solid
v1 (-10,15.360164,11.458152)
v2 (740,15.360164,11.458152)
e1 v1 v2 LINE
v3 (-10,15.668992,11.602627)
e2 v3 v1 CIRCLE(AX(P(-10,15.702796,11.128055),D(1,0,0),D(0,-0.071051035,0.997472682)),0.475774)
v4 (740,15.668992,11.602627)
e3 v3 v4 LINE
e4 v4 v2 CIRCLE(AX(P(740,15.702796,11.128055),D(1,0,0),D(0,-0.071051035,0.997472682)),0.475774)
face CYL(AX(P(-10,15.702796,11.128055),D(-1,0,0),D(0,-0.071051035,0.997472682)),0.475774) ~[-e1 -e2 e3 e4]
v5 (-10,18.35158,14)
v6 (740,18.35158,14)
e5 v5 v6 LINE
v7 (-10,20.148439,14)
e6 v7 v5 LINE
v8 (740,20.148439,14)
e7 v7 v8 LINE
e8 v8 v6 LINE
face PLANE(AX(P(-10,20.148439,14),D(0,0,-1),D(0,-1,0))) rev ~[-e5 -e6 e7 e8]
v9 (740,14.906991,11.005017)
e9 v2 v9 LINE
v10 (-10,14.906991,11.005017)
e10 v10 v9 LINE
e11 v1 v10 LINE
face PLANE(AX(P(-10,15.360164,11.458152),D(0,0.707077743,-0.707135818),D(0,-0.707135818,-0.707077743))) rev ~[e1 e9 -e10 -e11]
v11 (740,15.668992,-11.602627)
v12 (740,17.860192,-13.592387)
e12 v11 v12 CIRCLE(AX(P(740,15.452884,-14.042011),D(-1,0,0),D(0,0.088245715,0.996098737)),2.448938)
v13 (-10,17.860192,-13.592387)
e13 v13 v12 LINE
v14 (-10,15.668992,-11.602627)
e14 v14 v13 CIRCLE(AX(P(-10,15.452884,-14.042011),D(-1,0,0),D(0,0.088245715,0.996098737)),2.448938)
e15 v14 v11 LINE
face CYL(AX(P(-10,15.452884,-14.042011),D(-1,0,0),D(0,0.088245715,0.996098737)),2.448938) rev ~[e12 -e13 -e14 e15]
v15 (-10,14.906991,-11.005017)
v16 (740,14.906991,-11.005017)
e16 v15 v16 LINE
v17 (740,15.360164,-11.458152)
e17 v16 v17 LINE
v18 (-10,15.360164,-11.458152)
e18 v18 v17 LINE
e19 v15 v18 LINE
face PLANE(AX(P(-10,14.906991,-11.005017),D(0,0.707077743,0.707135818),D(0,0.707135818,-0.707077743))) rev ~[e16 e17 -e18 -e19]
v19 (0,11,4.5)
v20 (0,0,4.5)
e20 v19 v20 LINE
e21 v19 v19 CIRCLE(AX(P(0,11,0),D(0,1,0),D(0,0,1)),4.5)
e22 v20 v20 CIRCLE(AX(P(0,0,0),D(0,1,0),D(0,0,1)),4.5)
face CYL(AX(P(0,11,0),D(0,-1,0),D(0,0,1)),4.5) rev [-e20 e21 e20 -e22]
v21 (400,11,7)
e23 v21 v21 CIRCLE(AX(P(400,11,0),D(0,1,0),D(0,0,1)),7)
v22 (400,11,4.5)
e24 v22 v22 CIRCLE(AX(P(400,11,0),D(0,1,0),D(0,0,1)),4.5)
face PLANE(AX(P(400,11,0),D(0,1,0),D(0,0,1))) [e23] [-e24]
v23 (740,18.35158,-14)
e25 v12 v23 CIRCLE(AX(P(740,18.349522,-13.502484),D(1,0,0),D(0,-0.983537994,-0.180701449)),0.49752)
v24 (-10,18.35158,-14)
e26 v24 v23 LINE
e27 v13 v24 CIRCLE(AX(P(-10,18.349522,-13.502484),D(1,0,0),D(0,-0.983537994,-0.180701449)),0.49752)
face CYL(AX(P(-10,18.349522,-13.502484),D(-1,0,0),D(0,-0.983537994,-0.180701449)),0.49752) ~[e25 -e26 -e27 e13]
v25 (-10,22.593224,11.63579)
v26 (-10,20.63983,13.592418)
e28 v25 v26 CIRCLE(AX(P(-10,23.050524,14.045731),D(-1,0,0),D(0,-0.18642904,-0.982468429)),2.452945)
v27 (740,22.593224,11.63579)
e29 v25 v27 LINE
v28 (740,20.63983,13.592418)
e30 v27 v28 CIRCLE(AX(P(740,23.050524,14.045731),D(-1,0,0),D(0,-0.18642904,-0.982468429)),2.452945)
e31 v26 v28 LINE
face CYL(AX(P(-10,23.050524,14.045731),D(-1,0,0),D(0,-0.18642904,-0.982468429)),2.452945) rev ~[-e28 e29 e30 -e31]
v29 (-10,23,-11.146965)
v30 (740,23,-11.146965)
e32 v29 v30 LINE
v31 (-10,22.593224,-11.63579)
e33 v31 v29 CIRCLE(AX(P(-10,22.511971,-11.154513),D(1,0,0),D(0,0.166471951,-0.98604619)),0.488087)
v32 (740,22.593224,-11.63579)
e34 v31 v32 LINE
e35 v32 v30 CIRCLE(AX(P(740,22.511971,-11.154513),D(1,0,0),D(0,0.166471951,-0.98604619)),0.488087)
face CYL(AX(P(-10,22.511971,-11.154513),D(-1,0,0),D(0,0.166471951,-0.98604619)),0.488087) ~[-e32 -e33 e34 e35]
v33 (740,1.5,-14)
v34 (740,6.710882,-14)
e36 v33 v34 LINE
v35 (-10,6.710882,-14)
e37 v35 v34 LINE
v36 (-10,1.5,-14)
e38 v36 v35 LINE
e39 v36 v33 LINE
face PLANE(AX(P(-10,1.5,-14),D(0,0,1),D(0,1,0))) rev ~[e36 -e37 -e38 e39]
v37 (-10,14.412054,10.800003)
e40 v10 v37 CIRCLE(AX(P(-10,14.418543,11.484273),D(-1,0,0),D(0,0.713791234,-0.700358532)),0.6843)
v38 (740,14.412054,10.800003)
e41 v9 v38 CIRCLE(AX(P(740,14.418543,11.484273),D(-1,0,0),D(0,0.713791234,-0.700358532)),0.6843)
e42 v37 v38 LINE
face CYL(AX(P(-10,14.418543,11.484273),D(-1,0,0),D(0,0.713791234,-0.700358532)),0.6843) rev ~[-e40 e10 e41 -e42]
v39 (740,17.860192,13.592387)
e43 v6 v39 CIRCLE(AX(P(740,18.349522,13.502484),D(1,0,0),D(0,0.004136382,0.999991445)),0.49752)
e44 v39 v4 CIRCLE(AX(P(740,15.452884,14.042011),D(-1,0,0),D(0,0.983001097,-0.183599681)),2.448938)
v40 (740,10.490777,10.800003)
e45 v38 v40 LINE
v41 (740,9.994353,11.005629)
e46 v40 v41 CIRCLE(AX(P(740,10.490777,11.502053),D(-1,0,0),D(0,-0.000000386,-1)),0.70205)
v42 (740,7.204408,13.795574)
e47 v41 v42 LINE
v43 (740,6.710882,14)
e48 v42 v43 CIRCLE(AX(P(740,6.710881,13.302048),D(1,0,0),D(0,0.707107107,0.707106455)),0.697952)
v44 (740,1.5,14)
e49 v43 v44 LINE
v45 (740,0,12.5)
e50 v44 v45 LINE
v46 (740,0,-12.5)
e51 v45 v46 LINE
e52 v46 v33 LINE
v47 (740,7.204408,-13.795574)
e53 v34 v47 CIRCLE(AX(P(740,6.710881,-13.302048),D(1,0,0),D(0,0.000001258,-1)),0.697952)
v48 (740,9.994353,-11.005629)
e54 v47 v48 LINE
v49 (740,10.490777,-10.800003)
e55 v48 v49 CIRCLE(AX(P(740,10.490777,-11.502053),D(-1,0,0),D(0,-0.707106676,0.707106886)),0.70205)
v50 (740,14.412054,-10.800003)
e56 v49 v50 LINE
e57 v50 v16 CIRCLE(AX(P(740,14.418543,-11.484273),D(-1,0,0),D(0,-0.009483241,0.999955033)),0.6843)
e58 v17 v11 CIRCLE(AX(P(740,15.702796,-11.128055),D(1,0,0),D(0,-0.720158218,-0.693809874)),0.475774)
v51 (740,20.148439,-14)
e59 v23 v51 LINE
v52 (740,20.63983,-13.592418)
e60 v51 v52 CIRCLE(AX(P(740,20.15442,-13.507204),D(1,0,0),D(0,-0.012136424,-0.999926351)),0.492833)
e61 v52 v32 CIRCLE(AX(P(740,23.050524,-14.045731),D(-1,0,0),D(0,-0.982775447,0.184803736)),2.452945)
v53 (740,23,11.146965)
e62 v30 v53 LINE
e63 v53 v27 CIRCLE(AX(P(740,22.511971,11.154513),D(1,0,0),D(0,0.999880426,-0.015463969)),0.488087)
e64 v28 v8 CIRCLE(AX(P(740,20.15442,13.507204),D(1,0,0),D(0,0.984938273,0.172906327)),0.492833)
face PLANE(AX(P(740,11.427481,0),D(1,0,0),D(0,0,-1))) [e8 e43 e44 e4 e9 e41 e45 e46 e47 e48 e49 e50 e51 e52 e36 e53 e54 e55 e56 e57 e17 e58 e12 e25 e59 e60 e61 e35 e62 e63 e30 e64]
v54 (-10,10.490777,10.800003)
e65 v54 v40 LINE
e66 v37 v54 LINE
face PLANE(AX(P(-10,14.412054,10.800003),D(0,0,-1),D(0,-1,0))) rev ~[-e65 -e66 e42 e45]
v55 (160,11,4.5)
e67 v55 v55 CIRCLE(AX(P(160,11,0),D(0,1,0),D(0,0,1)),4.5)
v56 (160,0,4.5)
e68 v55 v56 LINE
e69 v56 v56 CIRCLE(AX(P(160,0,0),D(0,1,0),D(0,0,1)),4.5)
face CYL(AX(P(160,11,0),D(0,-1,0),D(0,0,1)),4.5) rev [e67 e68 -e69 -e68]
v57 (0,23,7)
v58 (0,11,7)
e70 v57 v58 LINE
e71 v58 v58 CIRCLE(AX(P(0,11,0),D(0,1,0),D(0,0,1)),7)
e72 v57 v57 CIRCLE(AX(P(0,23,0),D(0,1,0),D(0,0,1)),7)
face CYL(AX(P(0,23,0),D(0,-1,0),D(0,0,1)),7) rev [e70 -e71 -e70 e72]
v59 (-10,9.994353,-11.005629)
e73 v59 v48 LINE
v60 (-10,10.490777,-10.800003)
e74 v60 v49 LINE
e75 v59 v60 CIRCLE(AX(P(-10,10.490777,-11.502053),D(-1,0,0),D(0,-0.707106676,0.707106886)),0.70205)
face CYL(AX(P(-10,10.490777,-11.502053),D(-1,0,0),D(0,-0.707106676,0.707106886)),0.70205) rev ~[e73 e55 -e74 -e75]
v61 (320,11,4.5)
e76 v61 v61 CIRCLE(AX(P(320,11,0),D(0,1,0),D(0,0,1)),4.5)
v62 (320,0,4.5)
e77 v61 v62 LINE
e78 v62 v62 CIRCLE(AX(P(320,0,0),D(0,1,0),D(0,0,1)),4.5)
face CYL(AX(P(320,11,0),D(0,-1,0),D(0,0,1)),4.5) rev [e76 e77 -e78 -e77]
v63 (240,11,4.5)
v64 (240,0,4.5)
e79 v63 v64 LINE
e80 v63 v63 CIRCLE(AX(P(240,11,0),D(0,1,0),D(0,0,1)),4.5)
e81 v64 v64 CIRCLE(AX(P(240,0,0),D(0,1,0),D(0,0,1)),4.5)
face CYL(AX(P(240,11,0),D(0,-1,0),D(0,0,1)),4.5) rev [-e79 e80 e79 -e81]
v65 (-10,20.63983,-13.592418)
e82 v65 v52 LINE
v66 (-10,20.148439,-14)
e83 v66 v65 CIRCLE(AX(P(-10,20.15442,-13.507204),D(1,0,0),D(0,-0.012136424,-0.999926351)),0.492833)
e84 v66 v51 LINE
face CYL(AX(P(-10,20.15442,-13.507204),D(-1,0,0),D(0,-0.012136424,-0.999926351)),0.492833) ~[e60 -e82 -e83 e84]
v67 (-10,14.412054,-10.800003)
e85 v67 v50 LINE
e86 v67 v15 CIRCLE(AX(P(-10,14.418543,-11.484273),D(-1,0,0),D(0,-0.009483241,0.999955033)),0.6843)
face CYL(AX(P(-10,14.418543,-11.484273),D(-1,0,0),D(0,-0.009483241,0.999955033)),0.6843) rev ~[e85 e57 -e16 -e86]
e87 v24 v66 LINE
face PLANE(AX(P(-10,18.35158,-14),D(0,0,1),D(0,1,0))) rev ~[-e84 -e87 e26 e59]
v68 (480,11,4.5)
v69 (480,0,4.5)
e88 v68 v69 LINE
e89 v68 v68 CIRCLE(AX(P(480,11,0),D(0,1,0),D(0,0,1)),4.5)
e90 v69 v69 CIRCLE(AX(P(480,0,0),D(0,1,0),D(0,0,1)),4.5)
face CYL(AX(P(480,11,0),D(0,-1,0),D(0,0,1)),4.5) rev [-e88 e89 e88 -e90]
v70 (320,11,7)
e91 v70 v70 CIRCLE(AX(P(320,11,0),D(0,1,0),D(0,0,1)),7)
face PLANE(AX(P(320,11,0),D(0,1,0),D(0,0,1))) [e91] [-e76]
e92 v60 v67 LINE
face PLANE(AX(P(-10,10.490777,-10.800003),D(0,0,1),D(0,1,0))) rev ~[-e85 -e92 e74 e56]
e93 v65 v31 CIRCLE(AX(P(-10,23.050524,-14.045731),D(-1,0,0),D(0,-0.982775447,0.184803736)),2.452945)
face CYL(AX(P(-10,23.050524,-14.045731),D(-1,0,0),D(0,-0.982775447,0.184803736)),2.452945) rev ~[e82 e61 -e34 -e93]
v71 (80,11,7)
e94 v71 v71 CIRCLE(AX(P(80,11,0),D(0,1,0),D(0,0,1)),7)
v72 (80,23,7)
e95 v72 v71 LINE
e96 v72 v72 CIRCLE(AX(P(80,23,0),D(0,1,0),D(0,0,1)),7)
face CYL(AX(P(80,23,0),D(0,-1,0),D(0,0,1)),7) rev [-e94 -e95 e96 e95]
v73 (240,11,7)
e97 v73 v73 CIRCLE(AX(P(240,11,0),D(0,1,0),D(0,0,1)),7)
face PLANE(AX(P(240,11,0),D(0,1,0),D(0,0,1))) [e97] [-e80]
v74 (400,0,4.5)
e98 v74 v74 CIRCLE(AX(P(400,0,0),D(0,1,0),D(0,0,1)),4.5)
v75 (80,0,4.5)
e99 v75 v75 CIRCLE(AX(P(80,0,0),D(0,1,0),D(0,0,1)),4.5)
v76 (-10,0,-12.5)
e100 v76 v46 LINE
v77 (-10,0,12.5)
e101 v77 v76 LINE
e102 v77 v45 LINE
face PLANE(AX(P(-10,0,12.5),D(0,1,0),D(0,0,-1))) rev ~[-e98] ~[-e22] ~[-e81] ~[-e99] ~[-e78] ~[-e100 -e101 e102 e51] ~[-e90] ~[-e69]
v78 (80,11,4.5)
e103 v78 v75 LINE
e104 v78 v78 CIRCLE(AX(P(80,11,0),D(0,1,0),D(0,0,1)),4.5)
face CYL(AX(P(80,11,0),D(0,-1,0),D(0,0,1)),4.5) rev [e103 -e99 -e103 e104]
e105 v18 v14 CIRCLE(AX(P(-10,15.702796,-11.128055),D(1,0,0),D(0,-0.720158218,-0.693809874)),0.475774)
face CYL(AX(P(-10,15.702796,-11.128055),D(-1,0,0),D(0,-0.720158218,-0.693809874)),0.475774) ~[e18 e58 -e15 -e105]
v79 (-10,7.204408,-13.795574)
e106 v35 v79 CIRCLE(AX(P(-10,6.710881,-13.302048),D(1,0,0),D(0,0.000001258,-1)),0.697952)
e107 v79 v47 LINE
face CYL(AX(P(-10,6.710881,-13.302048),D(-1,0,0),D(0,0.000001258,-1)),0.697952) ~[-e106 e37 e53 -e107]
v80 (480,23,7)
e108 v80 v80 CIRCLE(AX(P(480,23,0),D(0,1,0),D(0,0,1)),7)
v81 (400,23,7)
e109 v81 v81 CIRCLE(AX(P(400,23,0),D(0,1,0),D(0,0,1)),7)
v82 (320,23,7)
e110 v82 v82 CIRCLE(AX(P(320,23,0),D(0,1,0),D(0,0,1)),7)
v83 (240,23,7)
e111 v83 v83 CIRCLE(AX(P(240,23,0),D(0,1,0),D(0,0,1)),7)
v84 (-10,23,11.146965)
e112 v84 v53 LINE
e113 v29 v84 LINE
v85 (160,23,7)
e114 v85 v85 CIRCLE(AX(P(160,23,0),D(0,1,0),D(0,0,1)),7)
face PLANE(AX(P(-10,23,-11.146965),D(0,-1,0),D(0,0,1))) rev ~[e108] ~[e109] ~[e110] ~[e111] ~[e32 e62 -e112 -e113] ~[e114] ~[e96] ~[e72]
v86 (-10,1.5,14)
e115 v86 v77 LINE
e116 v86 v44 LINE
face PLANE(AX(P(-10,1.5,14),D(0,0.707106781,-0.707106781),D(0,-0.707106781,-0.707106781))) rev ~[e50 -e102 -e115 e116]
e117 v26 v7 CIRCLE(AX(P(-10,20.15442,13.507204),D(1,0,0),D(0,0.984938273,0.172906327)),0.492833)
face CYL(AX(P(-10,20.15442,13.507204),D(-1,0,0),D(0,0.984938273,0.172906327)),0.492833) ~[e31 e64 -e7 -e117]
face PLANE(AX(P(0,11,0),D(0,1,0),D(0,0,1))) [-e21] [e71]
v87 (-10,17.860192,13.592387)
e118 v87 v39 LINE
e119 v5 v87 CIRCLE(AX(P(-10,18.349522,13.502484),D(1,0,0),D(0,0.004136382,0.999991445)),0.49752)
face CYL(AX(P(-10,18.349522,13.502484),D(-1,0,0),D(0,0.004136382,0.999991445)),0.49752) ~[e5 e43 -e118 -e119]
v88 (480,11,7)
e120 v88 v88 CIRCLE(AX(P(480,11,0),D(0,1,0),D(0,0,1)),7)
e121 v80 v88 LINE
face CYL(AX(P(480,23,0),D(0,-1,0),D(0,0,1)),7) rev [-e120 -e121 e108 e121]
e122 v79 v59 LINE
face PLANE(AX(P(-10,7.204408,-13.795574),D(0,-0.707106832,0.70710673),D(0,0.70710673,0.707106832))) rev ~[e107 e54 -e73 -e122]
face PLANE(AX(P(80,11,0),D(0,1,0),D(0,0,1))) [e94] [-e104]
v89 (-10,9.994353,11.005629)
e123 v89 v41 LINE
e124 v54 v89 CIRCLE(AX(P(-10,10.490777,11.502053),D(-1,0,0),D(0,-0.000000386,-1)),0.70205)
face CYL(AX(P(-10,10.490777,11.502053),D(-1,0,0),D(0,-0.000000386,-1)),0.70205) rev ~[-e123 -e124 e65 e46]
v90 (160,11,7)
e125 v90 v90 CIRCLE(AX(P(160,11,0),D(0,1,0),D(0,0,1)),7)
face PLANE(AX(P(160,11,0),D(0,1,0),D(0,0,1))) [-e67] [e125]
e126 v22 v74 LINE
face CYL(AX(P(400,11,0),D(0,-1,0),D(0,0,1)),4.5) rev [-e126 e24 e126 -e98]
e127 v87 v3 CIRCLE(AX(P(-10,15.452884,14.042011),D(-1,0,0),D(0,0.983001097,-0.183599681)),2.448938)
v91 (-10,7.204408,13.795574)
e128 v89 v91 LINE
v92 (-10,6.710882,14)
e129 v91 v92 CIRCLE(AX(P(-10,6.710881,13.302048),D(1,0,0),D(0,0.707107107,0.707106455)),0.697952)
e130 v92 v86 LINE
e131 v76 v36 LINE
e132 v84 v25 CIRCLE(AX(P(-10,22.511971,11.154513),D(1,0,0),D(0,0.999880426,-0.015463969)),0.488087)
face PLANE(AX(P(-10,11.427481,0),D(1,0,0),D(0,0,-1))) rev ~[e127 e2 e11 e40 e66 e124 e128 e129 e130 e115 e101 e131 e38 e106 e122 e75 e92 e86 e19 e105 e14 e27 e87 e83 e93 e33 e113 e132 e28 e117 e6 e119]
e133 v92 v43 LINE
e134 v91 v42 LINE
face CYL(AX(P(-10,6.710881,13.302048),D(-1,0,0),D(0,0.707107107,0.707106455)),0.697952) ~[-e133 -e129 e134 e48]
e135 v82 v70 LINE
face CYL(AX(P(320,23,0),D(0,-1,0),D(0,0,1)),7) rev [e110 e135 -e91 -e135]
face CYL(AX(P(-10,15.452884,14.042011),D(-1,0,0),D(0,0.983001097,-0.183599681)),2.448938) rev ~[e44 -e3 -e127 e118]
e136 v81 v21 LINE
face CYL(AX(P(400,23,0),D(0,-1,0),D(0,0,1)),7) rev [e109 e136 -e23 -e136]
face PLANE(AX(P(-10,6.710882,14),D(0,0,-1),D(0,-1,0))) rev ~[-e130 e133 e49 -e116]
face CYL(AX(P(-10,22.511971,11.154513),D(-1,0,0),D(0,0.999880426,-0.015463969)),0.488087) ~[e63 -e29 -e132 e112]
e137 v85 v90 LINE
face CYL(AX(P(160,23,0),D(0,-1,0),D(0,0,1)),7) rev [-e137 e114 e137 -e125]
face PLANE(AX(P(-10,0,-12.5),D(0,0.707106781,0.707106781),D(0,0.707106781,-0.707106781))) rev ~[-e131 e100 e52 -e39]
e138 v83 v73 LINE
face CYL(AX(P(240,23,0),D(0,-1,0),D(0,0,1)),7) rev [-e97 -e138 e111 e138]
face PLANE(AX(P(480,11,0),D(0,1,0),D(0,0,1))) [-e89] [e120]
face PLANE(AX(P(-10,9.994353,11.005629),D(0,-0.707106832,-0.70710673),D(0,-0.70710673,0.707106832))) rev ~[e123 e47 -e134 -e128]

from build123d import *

# Parameters (mm, degrees)
BOSS_EXTRUDE1_DEPTH = 750


with BuildPart() as part:
    # Sketch1 → Boss-Extrude1 (new body)
    with BuildSketch(Plane(origin=(-10, 0, 0), x_dir=(0, 0, -1), z_dir=(1, 0, 0))):
        with BuildLine():
            Line((-14, 20.148439), (-14, 18.35158))
            ThreePointArc((-14, 18.35158), (-13.885407957, 18.031881418), (-13.592386868, 17.860192277))
            ThreePointArc((-13.592386868, 17.860192277), (-12.229021504, 17.099202354), (-11.602627372, 15.66899217))
            ThreePointArc((-11.602627372, 15.66899217), (-11.559004129, 15.501191683), (-11.458152391, 15.360163609))
            Line((-11.458152391, 15.360163609), (-11.005017, 14.906991))
            ThreePointArc((-11.005017, 14.906991), (-10.852063473, 14.680418582), (-10.800003, 14.412054))
            Line((-10.800003, 14.412054), (-10.800003, 10.490777069))
            ThreePointArc((-10.800003, 10.490777069), (-10.853443426, 10.222114259), (-11.005628687, 9.994352913))
            Line((-11.005628687, 9.994352913), (-13.795574427, 7.204407575))
            ThreePointArc((-13.795574427, 7.204407575), (-13.946871354, 6.977976046), (-14, 6.710881784))
            Line((-14, 6.710881784), (-14, 1.5))
            Line((-14, 1.5), (-12.5, 0))
            Line((-12.5, 0), (12.5, 0))
            Line((12.5, 0), (14, 1.5))
            Line((14, 1.5), (14, 6.710881784))
            ThreePointArc((14, 6.710881784), (13.946871354, 6.977976046), (13.795574427, 7.204407575))
            Line((13.795574427, 7.204407575), (11.005628687, 9.994352913))
            ThreePointArc((11.005628687, 9.994352913), (10.853443426, 10.222114259), (10.800003, 10.490777069))
            Line((10.800003, 10.490777069), (10.800003, 14.412054))
            ThreePointArc((10.800003, 14.412054), (10.852063473, 14.680418582), (11.005017, 14.906991))
            Line((11.005017, 14.906991), (11.458152391, 15.360163609))
            ThreePointArc((11.458152391, 15.360163609), (11.559004129, 15.501191683), (11.602627372, 15.66899217))
            ThreePointArc((11.602627372, 15.66899217), (12.229021504, 17.099202354), (13.592386868, 17.860192277))
            ThreePointArc((13.592386868, 17.860192277), (13.885407957, 18.031881418), (14, 18.35158))
            Line((14, 18.35158), (14, 20.148439))
            ThreePointArc((14, 20.148439), (13.886532321, 20.469052961), (13.5924176, 20.639829881))
            ThreePointArc((13.5924176, 20.639829881), (12.312672018, 21.314596081), (11.635789981, 22.593223817))
            ThreePointArc((11.635789981, 22.593223817), (11.466717508, 22.887148006), (11.146965482, 23))
            Line((11.146965482, 23), (-11.146965482, 23))
            ThreePointArc((-11.146965482, 23), (-11.466717508, 22.887148006), (-11.635789981, 22.593223817))
            ThreePointArc((-11.635789981, 22.593223817), (-12.312672018, 21.314596081), (-13.5924176, 20.639829881))
            ThreePointArc((-13.5924176, 20.639829881), (-13.886532321, 20.469052961), (-14, 20.148439))
        make_face()
    extrude(amount=BOSS_EXTRUDE1_DEPTH)

    # Sketch2 → Cut-Revolve1 (revolve, cut)
    with BuildSketch(Plane.XY, mode=Mode.PRIVATE) as cut_revolve1_sk:
        Polygon((0, 23), (7, 23), (7, 11), (4.5, 11), (4.5, 0), (0, 0), align=None)
    revolve(cut_revolve1_sk.sketch.rotate(Axis((0, 0, 0), (0, 1, 0)), 270), axis=Axis((0, 0, 0), (0, 1, 0)), mode=Mode.SUBTRACT)

    # Sketch3 → Cut-Revolve2 (revolve, cut)
    with BuildSketch(Plane.XY, mode=Mode.PRIVATE) as cut_revolve2_sk:
        Polygon((80, 23), (87, 23), (87, 11), (84.5, 11), (84.5, 0), (80, 0), align=None)
    revolve(cut_revolve2_sk.sketch.rotate(Axis((80, 0, 0), (0, 1, 0)), 270), axis=Axis((80, 0, 0), (0, 1, 0)), mode=Mode.SUBTRACT)

    # Sketch4 → Cut-Revolve3 (revolve, cut)
    with BuildSketch(Plane.XY, mode=Mode.PRIVATE) as cut_revolve3_sk:
        Polygon((160, 23), (167, 23), (167, 11), (164.5, 11), (164.5, 0), (160, 0), align=None)
    revolve(cut_revolve3_sk.sketch.rotate(Axis((160, 0, 0), (0, 1, 0)), 270), axis=Axis((160, 0, 0), (0, 1, 0)), mode=Mode.SUBTRACT)

    # Sketch5 → Cut-Revolve4 (revolve, cut)
    with BuildSketch(Plane.XY, mode=Mode.PRIVATE) as cut_revolve4_sk:
        Polygon((240, 23), (247, 23), (247, 11), (244.5, 11), (244.5, 0), (240, 0), align=None)
    revolve(cut_revolve4_sk.sketch.rotate(Axis((240, 0, 0), (0, 1, 0)), 270), axis=Axis((240, 0, 0), (0, 1, 0)), mode=Mode.SUBTRACT)

    # Sketch6 → Cut-Revolve5 (revolve, cut)
    with BuildSketch(Plane.XY, mode=Mode.PRIVATE) as cut_revolve5_sk:
        Polygon((320, 23), (327, 23), (327, 11), (324.5, 11), (324.5, 0), (320, 0), align=None)
    revolve(cut_revolve5_sk.sketch.rotate(Axis((320, 0, 0), (0, 1, 0)), 270), axis=Axis((320, 0, 0), (0, 1, 0)), mode=Mode.SUBTRACT)

    # Sketch7 → Cut-Revolve6 (revolve, cut)
    with BuildSketch(Plane.XY, mode=Mode.PRIVATE) as cut_revolve6_sk:
        Polygon((400, 23), (407, 23), (407, 11), (404.5, 11), (404.5, 0), (400, 0), align=None)
    revolve(cut_revolve6_sk.sketch.rotate(Axis((400, 0, 0), (0, 1, 0)), 270), axis=Axis((400, 0, 0), (0, 1, 0)), mode=Mode.SUBTRACT)

    # Sketch8 → Cut-Revolve7 (revolve, cut)
    with BuildSketch(Plane.XY, mode=Mode.PRIVATE) as cut_revolve7_sk:
        Polygon((480, 23), (487, 23), (487, 11), (484.5, 11), (484.5, 0), (480, 0), align=None)
    revolve(cut_revolve7_sk.sketch.rotate(Axis((480, 0, 0), (0, 1, 0)), 270), axis=Axis((480, 0, 0), (0, 1, 0)), mode=Mode.SUBTRACT)


solid = part.part
